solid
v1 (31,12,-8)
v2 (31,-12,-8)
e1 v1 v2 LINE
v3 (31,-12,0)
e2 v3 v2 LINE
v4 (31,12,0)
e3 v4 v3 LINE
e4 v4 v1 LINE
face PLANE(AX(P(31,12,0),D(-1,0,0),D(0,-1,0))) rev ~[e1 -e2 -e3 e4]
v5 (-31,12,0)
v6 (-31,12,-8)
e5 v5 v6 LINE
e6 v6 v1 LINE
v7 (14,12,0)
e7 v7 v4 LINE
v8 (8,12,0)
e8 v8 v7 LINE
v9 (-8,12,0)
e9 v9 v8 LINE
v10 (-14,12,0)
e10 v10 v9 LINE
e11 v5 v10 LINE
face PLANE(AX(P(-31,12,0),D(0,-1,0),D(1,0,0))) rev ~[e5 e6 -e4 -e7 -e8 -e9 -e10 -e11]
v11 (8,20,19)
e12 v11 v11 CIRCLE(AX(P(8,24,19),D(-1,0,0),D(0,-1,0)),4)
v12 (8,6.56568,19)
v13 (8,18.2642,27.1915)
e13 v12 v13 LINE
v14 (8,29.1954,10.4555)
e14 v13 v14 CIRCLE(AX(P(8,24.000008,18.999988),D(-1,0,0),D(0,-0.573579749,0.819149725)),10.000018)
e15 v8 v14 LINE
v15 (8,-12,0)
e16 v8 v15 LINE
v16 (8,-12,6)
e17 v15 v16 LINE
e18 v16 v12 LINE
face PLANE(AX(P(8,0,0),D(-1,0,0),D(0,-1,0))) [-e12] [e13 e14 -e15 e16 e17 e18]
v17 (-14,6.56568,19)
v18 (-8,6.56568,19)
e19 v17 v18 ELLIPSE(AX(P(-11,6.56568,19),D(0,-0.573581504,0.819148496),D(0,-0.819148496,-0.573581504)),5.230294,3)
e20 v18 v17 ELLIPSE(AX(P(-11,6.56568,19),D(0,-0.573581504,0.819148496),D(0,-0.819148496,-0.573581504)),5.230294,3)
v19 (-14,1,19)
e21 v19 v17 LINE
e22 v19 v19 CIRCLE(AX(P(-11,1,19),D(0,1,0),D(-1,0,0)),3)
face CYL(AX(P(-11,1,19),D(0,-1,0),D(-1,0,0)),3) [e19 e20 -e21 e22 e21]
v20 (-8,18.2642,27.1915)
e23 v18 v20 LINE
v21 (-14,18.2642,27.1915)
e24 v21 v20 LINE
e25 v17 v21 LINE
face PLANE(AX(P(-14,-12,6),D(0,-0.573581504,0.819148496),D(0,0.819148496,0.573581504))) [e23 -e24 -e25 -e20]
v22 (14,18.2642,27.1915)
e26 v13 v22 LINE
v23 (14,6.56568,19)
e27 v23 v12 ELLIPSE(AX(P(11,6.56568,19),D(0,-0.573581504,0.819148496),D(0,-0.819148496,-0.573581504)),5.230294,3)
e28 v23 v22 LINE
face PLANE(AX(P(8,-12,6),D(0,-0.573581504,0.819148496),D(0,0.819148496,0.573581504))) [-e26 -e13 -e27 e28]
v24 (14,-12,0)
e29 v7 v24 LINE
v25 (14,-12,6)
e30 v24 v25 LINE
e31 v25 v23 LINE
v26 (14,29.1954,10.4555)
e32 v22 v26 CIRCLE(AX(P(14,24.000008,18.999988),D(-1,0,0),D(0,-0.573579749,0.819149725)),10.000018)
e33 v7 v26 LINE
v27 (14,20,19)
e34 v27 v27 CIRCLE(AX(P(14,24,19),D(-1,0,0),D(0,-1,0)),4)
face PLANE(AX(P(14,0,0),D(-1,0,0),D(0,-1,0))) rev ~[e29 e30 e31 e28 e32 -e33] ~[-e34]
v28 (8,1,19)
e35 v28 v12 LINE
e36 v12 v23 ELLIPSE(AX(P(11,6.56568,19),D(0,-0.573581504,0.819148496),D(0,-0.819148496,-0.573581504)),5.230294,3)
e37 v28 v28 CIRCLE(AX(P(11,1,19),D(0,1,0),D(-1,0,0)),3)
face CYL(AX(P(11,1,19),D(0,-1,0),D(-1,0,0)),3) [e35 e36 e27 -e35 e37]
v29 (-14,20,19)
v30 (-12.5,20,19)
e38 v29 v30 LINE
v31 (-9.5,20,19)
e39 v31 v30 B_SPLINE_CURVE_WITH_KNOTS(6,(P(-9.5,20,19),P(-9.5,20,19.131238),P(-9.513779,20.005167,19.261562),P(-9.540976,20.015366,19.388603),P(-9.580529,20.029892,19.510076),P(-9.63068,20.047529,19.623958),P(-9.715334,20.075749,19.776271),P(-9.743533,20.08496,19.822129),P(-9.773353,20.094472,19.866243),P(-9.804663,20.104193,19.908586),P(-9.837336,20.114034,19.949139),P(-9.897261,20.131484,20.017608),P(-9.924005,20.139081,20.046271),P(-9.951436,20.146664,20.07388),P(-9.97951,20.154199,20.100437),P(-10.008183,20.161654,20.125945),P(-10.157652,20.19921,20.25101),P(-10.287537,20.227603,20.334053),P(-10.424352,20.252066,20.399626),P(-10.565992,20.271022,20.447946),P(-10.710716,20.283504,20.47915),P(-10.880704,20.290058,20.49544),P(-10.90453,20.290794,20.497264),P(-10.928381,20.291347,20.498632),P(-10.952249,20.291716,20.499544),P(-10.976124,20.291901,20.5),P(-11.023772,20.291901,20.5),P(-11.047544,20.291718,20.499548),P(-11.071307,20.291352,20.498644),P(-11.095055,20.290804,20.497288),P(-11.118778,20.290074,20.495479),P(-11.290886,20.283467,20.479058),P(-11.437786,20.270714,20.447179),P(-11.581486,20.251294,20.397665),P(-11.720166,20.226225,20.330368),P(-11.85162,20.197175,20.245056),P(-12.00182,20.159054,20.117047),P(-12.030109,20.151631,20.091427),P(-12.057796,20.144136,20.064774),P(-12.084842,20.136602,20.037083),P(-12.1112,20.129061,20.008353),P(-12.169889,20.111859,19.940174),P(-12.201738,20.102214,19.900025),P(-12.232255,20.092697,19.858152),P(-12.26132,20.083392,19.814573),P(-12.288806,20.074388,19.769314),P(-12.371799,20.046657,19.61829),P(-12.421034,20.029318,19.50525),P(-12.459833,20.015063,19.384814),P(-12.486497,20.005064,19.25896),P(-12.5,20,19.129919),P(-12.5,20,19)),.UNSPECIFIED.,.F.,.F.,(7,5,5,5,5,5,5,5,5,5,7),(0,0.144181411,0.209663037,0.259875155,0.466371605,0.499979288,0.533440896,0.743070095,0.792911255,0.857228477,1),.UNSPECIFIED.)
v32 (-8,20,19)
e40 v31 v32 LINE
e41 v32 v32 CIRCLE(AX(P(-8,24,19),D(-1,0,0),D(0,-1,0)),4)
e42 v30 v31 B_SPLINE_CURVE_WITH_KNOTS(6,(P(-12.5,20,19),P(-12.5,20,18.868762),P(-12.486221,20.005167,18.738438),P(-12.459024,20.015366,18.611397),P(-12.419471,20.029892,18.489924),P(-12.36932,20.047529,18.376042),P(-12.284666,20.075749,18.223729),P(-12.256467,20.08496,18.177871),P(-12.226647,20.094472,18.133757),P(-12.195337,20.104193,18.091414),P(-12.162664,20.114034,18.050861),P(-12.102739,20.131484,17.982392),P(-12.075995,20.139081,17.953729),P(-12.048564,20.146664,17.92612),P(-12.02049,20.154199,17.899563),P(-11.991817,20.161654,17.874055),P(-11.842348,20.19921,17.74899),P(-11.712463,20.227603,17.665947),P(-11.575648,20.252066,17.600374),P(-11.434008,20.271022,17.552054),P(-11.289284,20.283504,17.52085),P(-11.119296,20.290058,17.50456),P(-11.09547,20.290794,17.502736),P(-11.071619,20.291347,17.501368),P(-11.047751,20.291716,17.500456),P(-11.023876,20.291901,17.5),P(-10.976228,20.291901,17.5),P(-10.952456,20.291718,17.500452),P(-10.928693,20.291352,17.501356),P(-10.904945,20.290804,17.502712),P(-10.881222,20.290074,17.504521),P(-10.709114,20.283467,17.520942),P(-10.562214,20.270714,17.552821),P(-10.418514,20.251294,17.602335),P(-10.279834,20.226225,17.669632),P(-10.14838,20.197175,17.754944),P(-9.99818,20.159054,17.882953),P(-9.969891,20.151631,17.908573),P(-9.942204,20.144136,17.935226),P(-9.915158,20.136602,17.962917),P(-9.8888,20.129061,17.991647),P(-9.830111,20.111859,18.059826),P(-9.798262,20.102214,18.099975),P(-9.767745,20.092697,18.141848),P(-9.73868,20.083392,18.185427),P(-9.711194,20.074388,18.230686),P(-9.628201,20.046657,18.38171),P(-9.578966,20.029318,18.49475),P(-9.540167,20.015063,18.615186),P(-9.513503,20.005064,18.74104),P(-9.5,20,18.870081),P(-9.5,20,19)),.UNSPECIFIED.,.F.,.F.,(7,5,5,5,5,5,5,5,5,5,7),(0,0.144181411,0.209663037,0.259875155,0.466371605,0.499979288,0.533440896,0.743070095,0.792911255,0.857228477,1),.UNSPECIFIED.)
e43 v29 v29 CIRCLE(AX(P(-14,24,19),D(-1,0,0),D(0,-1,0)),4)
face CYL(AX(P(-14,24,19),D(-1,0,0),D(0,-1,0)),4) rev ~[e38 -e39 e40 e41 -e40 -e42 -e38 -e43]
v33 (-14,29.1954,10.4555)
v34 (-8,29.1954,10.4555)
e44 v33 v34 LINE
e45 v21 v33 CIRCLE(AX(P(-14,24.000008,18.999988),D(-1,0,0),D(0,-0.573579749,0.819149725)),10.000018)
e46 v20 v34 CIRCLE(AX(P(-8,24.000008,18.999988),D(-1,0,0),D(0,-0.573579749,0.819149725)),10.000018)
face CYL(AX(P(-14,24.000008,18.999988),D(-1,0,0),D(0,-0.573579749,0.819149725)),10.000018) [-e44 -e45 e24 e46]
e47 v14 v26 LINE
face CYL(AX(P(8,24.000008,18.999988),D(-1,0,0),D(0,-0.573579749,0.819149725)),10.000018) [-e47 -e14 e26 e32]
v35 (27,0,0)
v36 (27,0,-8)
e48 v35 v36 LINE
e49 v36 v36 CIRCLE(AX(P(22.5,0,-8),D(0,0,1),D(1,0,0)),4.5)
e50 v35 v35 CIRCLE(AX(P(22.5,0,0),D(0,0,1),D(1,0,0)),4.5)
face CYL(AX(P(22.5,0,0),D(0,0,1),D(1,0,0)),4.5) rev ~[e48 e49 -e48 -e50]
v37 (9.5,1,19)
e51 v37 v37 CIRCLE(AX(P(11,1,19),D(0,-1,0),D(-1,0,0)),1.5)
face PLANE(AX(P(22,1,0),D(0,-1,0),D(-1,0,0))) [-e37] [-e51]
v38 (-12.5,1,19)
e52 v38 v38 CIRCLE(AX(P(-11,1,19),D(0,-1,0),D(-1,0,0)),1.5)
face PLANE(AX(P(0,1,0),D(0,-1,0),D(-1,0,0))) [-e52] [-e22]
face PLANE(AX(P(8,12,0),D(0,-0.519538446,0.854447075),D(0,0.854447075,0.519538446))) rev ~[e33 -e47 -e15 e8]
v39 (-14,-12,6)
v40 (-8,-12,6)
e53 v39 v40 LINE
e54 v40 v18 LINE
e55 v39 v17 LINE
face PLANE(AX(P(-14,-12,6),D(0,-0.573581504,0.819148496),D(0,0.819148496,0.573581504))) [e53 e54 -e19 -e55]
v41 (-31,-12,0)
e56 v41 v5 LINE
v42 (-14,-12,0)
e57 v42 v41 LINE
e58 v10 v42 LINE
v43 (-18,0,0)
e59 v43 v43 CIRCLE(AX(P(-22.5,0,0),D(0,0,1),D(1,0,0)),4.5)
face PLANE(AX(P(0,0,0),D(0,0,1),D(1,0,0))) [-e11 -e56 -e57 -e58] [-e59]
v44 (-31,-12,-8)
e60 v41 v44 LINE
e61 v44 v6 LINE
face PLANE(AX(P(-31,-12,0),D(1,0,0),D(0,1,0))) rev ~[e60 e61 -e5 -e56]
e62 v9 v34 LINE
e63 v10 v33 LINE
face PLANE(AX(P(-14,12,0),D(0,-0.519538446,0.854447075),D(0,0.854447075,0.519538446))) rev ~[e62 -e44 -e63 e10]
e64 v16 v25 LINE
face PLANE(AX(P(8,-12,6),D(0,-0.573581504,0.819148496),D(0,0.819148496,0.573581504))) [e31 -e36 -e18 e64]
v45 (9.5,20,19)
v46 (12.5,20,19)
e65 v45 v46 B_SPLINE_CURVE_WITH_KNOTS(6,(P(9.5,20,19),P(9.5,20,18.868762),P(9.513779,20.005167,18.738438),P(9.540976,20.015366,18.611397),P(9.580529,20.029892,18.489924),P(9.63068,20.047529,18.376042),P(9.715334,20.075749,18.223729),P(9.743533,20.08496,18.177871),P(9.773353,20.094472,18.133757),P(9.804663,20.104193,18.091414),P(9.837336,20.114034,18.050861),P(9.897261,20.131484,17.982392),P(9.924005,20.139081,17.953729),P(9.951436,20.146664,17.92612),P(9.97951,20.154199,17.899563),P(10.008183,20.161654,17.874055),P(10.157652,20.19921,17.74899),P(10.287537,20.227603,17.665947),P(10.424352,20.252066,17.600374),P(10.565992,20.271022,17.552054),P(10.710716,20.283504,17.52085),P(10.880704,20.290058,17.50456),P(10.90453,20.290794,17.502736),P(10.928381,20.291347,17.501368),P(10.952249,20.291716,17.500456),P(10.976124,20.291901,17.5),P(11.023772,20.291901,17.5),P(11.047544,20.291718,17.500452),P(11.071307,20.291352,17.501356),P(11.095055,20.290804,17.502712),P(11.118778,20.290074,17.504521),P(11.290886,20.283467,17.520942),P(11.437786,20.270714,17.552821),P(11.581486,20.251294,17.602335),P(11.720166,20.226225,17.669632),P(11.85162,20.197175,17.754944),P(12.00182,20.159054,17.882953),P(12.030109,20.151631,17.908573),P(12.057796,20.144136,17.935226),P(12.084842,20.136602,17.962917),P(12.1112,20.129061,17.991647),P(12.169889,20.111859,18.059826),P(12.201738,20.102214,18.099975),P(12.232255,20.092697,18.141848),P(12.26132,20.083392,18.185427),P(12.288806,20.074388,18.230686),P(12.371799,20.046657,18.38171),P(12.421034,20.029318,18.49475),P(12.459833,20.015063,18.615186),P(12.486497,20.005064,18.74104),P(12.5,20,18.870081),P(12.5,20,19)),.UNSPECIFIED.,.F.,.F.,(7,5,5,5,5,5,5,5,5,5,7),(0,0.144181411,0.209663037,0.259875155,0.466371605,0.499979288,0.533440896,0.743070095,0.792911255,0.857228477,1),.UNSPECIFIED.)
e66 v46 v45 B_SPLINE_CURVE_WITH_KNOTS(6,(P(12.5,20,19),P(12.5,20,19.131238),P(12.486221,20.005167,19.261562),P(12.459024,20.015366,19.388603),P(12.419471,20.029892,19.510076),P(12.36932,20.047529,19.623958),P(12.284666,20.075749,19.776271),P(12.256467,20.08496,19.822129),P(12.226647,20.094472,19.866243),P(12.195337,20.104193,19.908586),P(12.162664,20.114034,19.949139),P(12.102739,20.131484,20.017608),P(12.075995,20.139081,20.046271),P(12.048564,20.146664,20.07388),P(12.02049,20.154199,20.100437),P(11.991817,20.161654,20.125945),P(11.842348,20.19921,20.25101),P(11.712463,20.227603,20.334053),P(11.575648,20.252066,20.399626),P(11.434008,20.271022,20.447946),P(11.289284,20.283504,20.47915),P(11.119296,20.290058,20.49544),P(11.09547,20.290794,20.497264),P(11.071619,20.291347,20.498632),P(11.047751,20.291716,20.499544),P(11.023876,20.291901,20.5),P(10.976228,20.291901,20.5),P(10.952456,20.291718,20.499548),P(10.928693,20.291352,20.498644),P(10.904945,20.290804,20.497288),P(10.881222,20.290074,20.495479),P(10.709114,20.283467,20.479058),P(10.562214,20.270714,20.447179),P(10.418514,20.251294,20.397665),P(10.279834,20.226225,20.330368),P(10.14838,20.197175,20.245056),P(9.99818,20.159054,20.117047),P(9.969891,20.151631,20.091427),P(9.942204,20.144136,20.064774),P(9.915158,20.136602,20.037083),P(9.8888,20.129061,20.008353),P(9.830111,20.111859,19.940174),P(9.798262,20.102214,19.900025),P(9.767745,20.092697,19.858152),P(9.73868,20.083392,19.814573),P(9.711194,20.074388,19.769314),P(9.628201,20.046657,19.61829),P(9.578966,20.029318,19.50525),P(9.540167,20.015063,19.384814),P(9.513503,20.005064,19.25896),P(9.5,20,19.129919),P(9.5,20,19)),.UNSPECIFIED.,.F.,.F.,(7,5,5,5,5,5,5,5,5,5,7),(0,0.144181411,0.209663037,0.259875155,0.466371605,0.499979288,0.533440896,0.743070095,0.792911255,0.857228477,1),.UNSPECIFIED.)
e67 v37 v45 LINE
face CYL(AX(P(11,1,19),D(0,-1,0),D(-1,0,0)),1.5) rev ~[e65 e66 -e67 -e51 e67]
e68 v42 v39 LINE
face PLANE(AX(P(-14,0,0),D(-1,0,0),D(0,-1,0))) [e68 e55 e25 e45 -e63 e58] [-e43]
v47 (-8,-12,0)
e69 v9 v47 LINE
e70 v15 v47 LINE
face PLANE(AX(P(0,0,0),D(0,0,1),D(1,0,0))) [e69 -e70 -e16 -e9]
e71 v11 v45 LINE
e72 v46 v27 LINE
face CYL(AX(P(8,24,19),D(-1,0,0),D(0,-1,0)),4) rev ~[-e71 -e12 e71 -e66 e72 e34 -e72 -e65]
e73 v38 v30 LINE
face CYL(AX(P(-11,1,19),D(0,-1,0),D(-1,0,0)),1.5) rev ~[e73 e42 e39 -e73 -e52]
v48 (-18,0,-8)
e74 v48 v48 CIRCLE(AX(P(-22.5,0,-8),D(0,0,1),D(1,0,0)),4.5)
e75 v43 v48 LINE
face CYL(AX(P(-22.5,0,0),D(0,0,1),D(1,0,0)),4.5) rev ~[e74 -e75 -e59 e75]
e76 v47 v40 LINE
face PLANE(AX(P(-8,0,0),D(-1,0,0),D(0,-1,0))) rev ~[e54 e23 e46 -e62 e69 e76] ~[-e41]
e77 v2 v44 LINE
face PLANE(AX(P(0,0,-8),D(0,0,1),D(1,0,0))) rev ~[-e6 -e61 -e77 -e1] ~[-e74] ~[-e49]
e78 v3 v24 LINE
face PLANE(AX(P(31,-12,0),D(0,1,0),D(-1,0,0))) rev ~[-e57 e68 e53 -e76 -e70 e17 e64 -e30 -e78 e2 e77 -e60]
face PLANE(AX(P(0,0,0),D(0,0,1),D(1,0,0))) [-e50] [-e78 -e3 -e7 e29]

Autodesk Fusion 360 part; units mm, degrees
sketch "草图1" plane through (0, 0, 0) normal (0, 0, 1) x (1, 0, 0)
  line L0 (-31, 12) -> (31, 12)
  line L1 (31, 12) -> (31, -12)
  line L2 (31, -12) -> (-31, -12)
  line L3 (-31, -12) -> (-31, 12)
  circle A0 centre (-22.5, 0) radius 4.5
  circle A1 centre (22.5, 0) radius 4.5
  line L4 (0, 20) -> (0, -25) construction
  line L5 (35, 0) -> (-34, 0) construction
  dimension "d1" = 24
  dimension "d2" = 62
  dimension "d3" = 9
  dimension "d4" = 45
extrude "拉伸1" add sketch "草图1" against normal blind 8 makes body 1
ref_plane "工作平面1" through (-14, 0, -4) normal (-1, 0, 0) x (0, 1, 0)
sketch "草图2" plane through (-14, 0, 0) normal (-1, 0, 0) x (0, -1, 0)
  line L0 (-12, 0) -> (12, 0)
  line L1 (12, 0) -> (12, 6)
  line L2 (12, 6) -> (-18.2642, 27.1915)
  line L3 (-12, 0) -> (-29.1954, 10.4555)
  arc A0 (-18.2642, 27.1915) -> (-29.1954, 10.4555) centre (-24, 19) ccw
  circle A1 centre (-24, 19) radius 4
  line L4 (0, 23) -> (0, -19) construction
  line L5 (12, -8) -> (-12, -8) construction
  line L6 (12, 0) -> (12, -8) construction
  dimension "d8" = 6
  dimension "d9" = 27
  dimension "d10" = 36
  dimension "d11" = 8
  dimension "d12" = 10
  dimension "d13" = 24
extrude "拉伸2" add sketch "草图2" against normal blind 6 separate body makes body 2
ref_plane "工作平面2" through (-11, 1, 3) normal (0, -1, 0) x (0, 0, -1)
sketch "草图3" plane through (0, 1, 0) normal (0, -1, 0) x (-1, 0, 0)
  circle A0 centre (11, -19) radius 3
  circle A1 centre (11, -19) radius 1.5
  line L0 (-31, 8) -> (31, 8)
  line L1 (8, -27.1915) -> (8, -6)
  dimension "d17" = 6
  dimension "d18" = 3
  dimension "d19" = 27
  dimension "d20" = 3
extrude "拉伸3" add sketch "草图3" along normal up to surface end surface at (-10, 20.005, 18.8006) on bodies 2 bodies 2
extrude "拉伸4" cut sketch "草图3" along normal up to surface contours A1 end surface at (-10, 20.005, 18.8006) on bodies 2 bodies 2
copy_body "复制和粘贴实体1" bodies 2 makes body 3
move_body "移动1" bodies 3 to x (1, 0, 0) y (0, 1, 0) z (0, 0, 1) at (22, 0, 0)
combine "合并1" operation add target body 1 tool bodies 3 2
